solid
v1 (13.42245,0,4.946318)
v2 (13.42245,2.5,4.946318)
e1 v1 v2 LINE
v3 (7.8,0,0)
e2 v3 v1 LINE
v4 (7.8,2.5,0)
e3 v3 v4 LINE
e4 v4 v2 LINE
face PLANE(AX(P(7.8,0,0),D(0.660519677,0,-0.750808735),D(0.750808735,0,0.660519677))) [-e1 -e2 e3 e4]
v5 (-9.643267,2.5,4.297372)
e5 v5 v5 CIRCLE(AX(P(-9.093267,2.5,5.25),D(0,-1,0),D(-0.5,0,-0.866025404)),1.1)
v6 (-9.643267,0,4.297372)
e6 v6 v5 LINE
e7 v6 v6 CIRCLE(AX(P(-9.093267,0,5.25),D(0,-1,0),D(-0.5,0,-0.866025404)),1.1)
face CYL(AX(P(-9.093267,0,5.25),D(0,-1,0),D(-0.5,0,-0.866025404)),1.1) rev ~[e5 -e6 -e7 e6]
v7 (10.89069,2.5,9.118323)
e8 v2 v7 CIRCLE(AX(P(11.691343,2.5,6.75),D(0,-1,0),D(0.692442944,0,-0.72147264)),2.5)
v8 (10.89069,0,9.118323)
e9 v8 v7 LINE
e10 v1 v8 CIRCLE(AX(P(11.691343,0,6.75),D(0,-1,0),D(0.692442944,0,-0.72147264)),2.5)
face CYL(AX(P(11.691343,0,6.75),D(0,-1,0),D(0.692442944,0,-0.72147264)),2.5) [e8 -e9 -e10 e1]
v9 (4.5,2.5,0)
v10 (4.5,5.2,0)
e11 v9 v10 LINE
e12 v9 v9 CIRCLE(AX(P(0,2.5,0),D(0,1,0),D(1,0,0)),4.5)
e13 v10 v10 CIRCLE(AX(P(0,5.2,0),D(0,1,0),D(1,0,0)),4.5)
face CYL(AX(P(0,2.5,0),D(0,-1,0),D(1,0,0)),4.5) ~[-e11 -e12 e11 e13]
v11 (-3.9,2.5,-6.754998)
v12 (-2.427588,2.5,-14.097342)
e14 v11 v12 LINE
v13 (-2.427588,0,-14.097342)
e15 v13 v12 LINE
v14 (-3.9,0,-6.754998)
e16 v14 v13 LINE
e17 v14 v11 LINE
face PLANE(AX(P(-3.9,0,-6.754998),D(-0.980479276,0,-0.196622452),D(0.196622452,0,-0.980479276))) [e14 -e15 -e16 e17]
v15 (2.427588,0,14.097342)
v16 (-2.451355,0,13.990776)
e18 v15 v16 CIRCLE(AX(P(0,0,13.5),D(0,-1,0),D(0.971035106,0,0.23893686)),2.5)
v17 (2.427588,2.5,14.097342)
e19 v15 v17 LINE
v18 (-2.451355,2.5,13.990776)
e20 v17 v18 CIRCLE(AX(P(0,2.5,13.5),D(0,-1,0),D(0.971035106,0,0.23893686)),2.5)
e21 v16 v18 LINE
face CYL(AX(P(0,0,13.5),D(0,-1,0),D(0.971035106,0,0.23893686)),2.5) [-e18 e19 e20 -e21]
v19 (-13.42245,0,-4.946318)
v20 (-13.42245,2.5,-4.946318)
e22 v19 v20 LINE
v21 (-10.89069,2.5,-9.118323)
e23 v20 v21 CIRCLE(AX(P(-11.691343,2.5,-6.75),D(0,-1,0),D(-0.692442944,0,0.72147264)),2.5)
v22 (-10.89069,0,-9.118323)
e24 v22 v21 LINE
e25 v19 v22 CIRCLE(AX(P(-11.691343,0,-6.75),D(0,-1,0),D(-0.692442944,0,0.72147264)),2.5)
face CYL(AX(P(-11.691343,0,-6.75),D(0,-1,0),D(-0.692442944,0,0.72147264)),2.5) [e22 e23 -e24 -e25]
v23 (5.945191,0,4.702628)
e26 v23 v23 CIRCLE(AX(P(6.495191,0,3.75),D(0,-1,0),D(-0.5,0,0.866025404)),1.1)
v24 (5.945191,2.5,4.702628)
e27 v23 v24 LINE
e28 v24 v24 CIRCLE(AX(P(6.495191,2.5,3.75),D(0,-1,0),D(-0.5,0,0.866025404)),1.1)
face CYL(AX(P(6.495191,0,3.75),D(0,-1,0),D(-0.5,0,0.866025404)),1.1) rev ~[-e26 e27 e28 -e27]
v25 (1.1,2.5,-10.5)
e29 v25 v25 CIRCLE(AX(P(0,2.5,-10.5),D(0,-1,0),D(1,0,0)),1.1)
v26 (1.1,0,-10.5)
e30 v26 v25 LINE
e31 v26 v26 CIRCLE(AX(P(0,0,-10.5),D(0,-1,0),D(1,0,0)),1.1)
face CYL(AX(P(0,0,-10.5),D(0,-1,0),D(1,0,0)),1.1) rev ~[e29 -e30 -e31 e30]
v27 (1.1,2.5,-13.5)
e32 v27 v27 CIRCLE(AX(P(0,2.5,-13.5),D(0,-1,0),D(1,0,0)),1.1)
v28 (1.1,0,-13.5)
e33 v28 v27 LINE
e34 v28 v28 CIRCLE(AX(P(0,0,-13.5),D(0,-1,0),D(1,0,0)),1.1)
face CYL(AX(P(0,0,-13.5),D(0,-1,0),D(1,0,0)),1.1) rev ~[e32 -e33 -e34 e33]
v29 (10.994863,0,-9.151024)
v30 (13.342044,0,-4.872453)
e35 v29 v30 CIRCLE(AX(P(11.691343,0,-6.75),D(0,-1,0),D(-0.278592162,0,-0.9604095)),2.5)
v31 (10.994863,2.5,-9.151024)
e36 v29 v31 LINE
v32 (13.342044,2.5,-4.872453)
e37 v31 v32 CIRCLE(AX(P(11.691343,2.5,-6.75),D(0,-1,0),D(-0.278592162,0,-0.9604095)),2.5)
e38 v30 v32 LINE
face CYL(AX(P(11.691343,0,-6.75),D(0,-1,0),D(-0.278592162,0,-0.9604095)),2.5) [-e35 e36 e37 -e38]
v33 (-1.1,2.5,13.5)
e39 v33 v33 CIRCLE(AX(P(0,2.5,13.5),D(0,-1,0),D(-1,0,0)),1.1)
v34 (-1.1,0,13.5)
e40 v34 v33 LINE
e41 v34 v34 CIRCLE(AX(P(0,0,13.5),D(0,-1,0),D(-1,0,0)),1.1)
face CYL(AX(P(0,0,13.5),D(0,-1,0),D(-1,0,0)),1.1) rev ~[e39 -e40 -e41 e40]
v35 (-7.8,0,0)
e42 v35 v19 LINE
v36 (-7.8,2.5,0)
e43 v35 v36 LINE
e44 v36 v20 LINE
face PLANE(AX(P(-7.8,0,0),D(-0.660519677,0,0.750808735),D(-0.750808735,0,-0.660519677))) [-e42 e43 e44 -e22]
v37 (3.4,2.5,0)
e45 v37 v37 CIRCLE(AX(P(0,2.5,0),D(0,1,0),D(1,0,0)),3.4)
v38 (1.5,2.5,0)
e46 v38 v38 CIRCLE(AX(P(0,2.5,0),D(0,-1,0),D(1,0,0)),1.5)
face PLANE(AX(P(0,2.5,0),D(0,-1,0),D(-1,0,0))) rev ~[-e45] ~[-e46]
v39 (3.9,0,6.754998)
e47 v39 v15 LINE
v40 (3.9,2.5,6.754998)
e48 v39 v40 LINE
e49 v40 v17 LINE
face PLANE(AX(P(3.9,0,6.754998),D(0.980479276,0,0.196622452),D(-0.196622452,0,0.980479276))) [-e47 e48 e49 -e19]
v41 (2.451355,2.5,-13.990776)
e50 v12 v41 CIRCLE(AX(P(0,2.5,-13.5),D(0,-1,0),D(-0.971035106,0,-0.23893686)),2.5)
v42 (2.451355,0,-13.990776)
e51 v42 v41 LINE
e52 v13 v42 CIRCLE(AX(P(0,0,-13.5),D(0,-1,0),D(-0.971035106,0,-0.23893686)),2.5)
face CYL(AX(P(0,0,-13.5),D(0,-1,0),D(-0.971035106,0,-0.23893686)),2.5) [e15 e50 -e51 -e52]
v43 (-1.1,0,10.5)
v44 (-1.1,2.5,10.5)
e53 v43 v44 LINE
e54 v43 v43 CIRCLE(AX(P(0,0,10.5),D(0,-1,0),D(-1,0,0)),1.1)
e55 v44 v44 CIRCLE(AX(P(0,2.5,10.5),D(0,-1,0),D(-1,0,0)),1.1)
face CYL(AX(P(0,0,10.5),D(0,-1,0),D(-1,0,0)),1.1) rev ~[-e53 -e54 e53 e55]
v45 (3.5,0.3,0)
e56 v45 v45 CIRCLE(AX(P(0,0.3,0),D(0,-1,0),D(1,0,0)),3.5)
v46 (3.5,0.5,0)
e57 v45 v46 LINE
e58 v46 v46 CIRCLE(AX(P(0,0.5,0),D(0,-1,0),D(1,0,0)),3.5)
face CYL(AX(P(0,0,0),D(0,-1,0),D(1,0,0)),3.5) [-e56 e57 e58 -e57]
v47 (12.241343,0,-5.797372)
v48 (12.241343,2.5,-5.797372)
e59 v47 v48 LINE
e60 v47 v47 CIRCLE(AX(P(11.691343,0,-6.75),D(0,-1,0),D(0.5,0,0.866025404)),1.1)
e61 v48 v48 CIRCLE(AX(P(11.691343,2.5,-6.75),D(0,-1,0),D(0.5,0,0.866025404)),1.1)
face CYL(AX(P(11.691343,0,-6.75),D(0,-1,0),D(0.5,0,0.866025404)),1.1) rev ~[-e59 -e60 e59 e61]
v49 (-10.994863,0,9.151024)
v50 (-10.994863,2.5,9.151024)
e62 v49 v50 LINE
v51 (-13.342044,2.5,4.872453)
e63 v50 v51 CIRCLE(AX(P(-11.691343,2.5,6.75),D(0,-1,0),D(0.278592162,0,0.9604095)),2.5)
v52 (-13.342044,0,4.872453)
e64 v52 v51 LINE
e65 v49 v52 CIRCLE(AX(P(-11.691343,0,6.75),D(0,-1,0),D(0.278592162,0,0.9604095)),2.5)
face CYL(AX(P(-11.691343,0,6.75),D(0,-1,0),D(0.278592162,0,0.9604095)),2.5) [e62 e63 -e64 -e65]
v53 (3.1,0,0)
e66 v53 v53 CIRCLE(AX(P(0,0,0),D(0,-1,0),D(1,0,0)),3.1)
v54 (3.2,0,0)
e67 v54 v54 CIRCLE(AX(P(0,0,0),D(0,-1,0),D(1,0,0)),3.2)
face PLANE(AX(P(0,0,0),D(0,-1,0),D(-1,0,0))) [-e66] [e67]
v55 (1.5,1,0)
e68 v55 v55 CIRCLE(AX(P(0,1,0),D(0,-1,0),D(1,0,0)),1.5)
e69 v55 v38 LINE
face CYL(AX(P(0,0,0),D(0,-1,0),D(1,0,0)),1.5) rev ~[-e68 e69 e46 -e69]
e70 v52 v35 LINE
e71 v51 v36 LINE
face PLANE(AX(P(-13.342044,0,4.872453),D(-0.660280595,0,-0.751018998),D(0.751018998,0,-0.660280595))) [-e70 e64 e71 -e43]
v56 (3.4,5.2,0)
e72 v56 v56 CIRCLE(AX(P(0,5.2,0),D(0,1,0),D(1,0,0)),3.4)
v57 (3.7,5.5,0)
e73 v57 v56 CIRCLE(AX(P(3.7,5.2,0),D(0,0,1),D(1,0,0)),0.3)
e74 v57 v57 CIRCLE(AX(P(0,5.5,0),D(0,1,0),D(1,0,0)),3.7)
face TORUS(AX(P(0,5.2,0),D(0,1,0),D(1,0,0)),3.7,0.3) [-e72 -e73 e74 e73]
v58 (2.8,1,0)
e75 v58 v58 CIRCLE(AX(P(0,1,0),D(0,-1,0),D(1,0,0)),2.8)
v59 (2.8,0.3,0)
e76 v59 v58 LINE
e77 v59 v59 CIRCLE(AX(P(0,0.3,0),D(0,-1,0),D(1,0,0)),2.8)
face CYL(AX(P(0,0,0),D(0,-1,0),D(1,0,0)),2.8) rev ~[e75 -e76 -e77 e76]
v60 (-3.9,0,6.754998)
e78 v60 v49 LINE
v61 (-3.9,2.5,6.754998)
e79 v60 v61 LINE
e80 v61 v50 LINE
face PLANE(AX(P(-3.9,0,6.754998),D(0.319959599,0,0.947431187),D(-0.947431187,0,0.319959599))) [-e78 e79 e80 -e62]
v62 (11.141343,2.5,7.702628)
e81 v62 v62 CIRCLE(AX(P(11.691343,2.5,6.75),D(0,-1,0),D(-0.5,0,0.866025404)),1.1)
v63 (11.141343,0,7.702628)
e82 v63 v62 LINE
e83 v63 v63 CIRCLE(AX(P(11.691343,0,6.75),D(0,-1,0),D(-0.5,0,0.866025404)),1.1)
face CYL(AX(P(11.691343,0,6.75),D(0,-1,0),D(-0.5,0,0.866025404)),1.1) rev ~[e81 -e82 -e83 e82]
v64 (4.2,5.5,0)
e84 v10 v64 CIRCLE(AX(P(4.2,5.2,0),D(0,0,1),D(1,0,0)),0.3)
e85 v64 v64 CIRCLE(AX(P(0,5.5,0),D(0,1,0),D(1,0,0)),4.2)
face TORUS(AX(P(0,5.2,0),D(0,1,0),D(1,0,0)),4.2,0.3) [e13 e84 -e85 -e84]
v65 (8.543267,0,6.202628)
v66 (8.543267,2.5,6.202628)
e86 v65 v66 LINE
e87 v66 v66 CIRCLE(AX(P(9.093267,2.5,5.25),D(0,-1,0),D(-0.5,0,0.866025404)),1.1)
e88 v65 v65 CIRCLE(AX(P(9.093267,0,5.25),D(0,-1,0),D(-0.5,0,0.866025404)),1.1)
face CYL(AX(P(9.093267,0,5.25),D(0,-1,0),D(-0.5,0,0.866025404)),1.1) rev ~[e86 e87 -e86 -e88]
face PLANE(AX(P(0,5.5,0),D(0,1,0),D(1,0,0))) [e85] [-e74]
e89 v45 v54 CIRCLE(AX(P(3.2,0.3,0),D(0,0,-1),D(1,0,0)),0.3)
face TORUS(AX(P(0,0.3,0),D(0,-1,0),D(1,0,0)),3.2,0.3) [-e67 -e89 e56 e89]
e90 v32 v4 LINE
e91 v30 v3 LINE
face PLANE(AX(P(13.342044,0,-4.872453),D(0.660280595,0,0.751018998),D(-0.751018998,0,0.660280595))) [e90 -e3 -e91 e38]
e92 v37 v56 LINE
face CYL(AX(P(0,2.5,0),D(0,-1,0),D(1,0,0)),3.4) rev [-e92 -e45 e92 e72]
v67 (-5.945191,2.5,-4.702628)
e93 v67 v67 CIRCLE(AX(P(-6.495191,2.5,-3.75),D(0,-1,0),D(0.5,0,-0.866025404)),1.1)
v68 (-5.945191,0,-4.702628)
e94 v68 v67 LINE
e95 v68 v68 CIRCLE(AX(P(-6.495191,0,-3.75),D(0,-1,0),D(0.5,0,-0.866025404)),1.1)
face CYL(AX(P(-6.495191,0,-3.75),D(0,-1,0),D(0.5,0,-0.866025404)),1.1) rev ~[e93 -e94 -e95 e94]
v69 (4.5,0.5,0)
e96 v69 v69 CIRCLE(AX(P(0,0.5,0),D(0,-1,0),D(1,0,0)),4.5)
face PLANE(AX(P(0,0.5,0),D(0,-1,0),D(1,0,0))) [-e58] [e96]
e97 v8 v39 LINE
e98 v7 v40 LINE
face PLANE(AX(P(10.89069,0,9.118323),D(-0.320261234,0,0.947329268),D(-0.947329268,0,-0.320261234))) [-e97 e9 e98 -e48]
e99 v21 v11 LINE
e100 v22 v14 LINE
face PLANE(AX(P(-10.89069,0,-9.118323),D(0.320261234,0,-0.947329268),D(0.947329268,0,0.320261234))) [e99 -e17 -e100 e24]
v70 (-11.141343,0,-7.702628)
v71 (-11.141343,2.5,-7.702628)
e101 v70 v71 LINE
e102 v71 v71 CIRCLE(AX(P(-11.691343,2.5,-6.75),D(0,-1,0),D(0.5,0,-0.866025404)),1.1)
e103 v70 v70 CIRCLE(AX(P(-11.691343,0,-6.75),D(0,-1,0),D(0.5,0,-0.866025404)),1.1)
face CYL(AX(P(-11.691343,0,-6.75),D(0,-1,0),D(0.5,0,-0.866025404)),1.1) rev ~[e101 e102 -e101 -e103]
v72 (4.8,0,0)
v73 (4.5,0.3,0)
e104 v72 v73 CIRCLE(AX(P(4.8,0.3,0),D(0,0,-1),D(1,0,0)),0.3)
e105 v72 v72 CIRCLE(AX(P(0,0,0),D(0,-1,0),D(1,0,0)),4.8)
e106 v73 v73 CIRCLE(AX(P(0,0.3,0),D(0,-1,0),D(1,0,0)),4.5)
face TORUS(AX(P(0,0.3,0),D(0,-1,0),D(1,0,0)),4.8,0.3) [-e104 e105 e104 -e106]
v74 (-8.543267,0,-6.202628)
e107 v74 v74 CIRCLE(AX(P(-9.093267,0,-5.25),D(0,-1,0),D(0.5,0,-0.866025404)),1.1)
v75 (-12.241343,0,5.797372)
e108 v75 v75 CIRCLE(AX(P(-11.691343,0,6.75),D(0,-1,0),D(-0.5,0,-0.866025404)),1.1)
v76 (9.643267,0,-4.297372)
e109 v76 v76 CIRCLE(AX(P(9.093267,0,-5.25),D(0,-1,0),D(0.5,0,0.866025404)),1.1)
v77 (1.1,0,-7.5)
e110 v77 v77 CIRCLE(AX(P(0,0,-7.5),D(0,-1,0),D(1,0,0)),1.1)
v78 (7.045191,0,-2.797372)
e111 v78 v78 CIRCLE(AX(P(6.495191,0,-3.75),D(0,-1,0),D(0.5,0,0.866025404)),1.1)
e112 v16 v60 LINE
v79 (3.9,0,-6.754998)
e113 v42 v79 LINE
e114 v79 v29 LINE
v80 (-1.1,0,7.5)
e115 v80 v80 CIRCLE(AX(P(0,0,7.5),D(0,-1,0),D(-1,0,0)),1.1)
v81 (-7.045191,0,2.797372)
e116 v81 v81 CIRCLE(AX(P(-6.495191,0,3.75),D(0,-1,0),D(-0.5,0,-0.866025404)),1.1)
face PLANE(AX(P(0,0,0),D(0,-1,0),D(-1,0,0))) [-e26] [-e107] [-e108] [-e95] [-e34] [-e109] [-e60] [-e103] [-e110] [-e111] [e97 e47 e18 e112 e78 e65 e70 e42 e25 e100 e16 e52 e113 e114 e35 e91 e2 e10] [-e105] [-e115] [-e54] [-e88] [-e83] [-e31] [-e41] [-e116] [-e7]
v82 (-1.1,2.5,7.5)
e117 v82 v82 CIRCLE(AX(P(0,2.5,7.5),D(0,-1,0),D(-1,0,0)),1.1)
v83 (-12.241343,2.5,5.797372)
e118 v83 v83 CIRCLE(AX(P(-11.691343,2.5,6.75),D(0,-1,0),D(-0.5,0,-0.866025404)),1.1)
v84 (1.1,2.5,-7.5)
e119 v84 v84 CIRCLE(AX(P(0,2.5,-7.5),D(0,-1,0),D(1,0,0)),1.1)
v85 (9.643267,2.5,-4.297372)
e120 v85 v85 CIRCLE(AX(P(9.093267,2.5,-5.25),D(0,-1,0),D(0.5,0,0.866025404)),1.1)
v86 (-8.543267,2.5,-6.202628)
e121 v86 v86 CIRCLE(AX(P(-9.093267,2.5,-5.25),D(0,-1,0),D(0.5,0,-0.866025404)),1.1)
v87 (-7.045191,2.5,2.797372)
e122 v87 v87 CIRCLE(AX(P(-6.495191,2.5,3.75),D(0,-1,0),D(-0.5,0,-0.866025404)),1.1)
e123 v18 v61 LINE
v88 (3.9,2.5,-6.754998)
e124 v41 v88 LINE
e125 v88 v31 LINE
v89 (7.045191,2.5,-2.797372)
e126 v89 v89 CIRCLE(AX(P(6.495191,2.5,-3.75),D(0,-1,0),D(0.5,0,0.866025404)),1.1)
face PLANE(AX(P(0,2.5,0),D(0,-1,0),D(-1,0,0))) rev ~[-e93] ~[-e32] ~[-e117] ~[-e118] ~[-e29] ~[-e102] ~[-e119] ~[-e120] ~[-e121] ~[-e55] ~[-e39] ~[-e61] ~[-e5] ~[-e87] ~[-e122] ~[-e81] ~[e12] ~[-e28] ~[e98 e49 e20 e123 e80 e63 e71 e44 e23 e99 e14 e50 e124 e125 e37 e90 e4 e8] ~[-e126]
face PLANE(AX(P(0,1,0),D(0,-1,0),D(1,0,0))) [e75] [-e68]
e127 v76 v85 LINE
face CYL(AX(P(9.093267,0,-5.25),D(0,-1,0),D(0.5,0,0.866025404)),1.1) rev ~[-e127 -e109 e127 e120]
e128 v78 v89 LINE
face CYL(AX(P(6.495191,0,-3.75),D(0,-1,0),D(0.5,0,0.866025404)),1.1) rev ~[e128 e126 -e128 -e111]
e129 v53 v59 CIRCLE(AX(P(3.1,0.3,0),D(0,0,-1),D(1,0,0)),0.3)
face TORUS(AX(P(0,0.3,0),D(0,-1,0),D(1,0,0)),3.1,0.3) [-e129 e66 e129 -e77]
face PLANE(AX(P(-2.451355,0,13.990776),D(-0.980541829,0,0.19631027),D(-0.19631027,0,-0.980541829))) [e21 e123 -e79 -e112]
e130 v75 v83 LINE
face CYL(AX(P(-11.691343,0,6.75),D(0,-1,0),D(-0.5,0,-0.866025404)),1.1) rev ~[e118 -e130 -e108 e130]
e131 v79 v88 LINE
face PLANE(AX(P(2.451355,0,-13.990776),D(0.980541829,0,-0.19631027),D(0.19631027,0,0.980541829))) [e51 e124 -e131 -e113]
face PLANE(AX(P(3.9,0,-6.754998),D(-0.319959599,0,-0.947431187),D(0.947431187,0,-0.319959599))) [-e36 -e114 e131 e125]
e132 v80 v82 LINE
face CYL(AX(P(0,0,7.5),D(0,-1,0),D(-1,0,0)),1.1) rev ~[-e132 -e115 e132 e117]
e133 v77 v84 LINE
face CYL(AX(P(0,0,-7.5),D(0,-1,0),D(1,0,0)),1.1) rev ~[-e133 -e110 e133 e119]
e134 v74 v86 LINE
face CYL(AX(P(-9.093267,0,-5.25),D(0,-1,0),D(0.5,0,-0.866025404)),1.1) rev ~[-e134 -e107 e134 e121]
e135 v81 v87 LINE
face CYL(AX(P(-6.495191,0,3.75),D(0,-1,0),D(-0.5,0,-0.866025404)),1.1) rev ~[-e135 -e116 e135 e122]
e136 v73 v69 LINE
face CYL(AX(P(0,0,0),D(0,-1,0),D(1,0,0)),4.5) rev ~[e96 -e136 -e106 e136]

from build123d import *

# Parameters (mm, degrees)
SALIENTE_EXTRUIR1_DEPTH = 2.5
CROQUIS2_R              = 4.5
CROQUIS2_R_2            = 3.4
SALIENTE_EXTRUIR2_DEPTH = 3
CORTAR_EXTRUIR1_REACH   = 7.5
CROQUIS3_R              = 1.5
CROQUIS4_R              = 2.8
CORTAR_EXTRUIR2_DEPTH   = 1
CROQUIS5_R              = 4.5
CROQUIS5_R_2            = 3.5
CORTAR_EXTRUIR3_DEPTH   = 0.5
REDONDEO1_R             = 0.3
CROQUIS6_R              = 1.1
CORTAR_EXTRUIR4_DEPTH   = 2.5
MATRIZC1_COUNT          = 6


with BuildPart() as part:
    # Croquis1 → Saliente-Extruir1 (new body)
    with BuildSketch(Plane(origin=(0, 0, 0), x_dir=(1, 0, 0), z_dir=(0, 1, 0))):
        with BuildLine():
            Line((-3.9, -6.75499815), (-10.994862545, -9.151023749))
            ThreePointArc((-10.994862545, -9.151023749), (-13.88318634, -7.952423618), (-13.342044439, -4.872452504))
            Line((-13.342044439, -4.872452504), (-7.8, 0))
            Line((-7.8, 0), (-13.42245031, 4.9463184))
            ThreePointArc((-13.42245031, 4.9463184), (-13.828594045, 8.046980247), (-10.890689867, 9.11832317))
            Line((-10.890689867, 9.11832317), (-3.9, 6.75499815))
            Line((-3.9, 6.75499815), (-2.427587765, 14.097342149))
            ThreePointArc((-2.427587765, 14.097342149), (0.054592295, 15.999403865), (2.451354572, 13.990775674))
            Line((2.451354572, 13.990775674), (3.9, 6.75499815))
            Line((3.9, 6.75499815), (10.994862545, 9.151023749))
            ThreePointArc((10.994862545, 9.151023749), (13.88318634, 7.952423618), (13.342044439, 4.872452504))
            Line((13.342044439, 4.872452504), (7.8, 0))
            Line((7.8, 0), (13.42245031, -4.9463184))
            ThreePointArc((13.42245031, -4.9463184), (13.828594045, -8.046980247), (10.890689867, -9.11832317))
            Line((10.890689867, -9.11832317), (3.9, -6.75499815))
            Line((3.9, -6.75499815), (2.427587765, -14.097342149))
            ThreePointArc((2.427587765, -14.097342149), (-0.054592295, -15.999403865), (-2.451354572, -13.990775674))
            Line((-2.451354572, -13.990775674), (-3.9, -6.75499815))
        make_face()
    extrude(amount=SALIENTE_EXTRUIR1_DEPTH)

    # Croquis2 → Saliente-Extruir2 (add)
    with BuildSketch(Plane(origin=(0, 2.5, 0), x_dir=(1, 0, 0), z_dir=(0, 1, 0))):
        Circle(CROQUIS2_R)
        Circle(CROQUIS2_R_2, mode=Mode.SUBTRACT)
    extrude(amount=SALIENTE_EXTRUIR2_DEPTH)

    # Croquis3 → Cortar-Extruir1 (cut, up to next)
    with BuildSketch(Plane.XZ, mode=Mode.PRIVATE) as cortar_extruir1_sk1:
        Circle(CROQUIS3_R)
    cortar_extruir1_tool1 = extrude(cortar_extruir1_sk1.sketch, amount=-CORTAR_EXTRUIR1_REACH, mode=Mode.PRIVATE) & part.part
    add(cortar_extruir1_tool1.solids().sort_by_distance((0, 0, 0))[0], mode=Mode.SUBTRACT)

    # Croquis4 → Cortar-Extruir2 (cut)
    with BuildSketch(Plane.XZ):
        Circle(CROQUIS4_R)
    extrude(amount=-CORTAR_EXTRUIR2_DEPTH, mode=Mode.SUBTRACT)

    # Croquis5 → Cortar-Extruir3 (cut)
    with BuildSketch(Plane.XZ):
        Circle(CROQUIS5_R)
        Circle(CROQUIS5_R_2, mode=Mode.SUBTRACT)
    extrude(amount=-CORTAR_EXTRUIR3_DEPTH, mode=Mode.SUBTRACT)

    # Redondeo1
    redondeo1_edges = [part.edges().sort_by_distance(p)[0] for p in [
        (-4.5, 5.5, 0),
        (-3.4, 5.5, 0),
        (-2.8, 0, 0),
        (-4.5, 0, 0),
        (-3.5, 0, 0),
    ]]
    fillet(redondeo1_edges, radius=REDONDEO1_R)

    # Croquis6 → Cortar-Extruir4 (cut)
    with BuildSketch(Plane.XZ):
        with Locations((0, -13.5)):
            Circle(CROQUIS6_R)
        with Locations((0, -10.5)):
            Circle(CROQUIS6_R)
        with Locations((0, -7.5)):
            Circle(CROQUIS6_R)
    cortar_extruir4 = extrude(amount=-CORTAR_EXTRUIR4_DEPTH, mode=Mode.SUBTRACT)

    # MatrizC1: Cortar-Extruir4 ×6 about axis
    matrizc1_axis = Axis((0, 0, 0), (0, 1, 0))
    for i in range(1, MATRIZC1_COUNT):
        add(cortar_extruir4.rotate(matrizc1_axis, i * 360 / MATRIZC1_COUNT), mode=Mode.SUBTRACT)


solid = part.part
